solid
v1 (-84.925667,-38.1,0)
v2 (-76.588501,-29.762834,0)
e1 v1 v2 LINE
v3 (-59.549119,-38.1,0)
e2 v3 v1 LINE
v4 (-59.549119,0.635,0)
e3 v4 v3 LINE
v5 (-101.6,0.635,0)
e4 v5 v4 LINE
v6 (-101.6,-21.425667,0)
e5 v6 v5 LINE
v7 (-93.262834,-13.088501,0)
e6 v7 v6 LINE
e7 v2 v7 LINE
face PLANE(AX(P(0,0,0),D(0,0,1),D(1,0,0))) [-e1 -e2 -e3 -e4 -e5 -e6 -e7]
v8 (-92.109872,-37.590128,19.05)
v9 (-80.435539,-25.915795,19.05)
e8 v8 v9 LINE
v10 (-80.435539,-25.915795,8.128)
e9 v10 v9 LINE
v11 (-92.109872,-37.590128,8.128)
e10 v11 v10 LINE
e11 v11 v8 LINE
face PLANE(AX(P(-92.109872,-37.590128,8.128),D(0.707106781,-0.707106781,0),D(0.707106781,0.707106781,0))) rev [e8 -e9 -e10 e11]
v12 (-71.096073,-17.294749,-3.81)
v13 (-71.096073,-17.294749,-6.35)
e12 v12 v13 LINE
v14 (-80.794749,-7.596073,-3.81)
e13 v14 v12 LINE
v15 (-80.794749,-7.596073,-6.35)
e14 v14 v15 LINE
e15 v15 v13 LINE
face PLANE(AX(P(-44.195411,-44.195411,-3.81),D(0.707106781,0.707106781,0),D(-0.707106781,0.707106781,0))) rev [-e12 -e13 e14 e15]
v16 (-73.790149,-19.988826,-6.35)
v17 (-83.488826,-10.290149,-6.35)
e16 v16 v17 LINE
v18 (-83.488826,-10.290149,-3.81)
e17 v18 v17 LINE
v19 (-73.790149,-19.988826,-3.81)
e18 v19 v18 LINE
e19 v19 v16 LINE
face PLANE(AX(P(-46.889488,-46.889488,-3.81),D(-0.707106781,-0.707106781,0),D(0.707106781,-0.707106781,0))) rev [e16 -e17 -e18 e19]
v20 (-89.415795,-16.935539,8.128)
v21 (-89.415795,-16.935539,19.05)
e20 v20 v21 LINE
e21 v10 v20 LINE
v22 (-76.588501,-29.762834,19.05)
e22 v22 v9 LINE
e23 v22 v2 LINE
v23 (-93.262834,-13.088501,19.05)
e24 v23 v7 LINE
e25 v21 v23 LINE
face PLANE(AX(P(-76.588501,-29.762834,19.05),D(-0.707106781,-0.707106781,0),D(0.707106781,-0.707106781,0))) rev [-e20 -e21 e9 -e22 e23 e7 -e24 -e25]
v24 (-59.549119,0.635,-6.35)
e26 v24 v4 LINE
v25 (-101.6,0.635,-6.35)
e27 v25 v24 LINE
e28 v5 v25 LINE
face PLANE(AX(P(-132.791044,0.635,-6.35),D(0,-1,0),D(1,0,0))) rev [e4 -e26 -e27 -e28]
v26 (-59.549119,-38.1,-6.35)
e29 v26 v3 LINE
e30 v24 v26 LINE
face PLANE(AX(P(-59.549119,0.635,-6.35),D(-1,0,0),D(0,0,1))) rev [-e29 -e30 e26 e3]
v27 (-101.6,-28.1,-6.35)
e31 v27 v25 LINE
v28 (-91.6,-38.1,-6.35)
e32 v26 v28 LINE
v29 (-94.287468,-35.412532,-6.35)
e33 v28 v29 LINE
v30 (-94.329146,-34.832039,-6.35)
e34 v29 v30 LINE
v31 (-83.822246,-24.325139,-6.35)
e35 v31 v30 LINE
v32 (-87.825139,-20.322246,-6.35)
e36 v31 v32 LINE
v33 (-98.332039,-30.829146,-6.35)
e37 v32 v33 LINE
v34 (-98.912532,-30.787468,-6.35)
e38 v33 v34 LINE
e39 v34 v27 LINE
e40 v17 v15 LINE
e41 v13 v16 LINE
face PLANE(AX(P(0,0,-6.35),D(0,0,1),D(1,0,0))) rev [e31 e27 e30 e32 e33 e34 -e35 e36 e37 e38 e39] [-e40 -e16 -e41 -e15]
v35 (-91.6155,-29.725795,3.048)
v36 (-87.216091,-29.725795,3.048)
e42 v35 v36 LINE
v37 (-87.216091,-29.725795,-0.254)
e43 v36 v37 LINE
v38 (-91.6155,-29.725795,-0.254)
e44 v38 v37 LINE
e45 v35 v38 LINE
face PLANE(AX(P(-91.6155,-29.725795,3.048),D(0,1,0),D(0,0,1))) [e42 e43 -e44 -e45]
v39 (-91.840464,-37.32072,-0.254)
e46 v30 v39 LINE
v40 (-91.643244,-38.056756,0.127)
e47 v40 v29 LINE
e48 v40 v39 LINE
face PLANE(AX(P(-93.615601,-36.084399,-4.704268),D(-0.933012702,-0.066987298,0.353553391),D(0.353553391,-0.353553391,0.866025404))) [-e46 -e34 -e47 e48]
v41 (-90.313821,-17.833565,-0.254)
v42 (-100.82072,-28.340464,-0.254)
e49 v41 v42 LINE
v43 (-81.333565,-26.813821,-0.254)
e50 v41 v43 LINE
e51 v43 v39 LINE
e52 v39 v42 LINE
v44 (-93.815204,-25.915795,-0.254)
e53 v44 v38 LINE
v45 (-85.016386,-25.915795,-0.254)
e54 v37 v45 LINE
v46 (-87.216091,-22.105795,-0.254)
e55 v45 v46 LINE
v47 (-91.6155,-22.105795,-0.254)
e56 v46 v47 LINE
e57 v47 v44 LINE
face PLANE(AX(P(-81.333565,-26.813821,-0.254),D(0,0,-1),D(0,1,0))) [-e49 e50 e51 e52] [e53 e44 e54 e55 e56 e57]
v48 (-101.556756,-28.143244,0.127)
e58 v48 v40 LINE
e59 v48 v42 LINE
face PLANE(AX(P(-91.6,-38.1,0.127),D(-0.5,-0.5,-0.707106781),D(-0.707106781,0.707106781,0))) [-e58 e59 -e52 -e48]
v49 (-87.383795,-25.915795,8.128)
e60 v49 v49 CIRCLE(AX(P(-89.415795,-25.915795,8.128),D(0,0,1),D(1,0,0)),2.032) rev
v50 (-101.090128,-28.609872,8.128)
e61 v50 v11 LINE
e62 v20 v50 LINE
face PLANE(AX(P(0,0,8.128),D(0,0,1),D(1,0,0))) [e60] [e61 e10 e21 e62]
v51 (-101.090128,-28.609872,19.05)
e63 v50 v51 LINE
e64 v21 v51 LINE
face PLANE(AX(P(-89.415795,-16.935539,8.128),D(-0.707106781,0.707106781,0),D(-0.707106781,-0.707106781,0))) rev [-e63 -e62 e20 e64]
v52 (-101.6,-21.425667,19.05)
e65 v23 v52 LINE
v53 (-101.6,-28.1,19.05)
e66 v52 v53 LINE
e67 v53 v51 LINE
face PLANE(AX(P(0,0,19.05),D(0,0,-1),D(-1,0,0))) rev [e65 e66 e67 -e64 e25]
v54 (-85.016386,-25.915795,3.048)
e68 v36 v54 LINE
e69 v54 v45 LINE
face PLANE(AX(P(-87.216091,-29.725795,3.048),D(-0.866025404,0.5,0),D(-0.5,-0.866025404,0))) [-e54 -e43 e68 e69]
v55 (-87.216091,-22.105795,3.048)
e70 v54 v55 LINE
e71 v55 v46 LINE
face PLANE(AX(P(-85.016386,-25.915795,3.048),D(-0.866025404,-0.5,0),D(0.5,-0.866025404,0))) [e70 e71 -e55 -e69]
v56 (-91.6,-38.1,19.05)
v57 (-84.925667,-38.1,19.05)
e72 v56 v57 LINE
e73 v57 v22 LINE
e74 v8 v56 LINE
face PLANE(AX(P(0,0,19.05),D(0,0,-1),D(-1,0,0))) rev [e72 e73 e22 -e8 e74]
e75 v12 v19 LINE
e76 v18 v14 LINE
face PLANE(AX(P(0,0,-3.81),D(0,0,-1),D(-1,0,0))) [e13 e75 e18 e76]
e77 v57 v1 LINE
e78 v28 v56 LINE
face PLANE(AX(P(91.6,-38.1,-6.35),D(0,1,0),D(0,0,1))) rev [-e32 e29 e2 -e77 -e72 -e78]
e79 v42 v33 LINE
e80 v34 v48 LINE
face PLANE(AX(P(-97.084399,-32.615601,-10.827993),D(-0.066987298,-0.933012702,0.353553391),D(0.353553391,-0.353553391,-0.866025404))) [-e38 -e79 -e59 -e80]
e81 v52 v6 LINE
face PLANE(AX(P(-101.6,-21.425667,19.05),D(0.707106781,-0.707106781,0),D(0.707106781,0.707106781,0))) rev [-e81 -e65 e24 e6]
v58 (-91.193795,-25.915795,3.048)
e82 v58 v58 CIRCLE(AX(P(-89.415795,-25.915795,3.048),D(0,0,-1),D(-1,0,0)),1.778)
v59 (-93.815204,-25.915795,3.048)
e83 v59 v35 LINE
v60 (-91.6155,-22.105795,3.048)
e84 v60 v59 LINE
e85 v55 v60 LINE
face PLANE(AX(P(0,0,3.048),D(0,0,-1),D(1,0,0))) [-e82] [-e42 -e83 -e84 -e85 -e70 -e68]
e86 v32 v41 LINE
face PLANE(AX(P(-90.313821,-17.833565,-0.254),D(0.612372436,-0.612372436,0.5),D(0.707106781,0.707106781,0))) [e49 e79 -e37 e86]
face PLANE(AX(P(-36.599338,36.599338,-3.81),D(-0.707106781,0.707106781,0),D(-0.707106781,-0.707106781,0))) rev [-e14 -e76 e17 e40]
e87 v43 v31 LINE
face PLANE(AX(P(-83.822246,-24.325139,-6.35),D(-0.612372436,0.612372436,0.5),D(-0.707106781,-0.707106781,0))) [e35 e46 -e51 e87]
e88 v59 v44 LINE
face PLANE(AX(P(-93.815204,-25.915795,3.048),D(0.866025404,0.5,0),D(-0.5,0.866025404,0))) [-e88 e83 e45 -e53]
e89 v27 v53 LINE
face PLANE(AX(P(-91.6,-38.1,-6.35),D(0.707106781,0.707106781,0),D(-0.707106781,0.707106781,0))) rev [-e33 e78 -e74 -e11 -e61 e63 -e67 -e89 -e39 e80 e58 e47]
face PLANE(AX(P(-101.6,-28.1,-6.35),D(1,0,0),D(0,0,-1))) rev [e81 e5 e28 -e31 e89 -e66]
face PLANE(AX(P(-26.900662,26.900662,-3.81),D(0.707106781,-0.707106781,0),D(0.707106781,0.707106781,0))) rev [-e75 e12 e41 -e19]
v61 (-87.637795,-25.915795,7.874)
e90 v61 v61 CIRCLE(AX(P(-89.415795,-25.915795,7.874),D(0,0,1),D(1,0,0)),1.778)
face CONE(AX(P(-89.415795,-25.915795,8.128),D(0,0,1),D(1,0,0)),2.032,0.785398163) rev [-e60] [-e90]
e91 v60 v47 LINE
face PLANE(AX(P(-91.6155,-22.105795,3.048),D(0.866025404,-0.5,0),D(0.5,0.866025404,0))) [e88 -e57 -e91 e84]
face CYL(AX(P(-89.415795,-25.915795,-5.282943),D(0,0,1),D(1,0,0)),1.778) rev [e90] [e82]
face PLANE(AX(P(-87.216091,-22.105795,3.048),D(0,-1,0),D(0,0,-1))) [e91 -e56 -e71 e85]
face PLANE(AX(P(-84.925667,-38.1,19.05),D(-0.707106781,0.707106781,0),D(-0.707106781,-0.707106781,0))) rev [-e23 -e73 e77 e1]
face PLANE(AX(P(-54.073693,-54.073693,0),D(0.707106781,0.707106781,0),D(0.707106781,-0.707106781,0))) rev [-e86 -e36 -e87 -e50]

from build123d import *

# Parameters (mm, degrees)
BOSS_EXTRUDE1_DEPTH     = 27.432
BOSS_EXTRUDE2_DEPTH     = 5.08
SKETCH4_R               = 1.524
CUT_EXTRUDE1_DEPTH      = 2.286
SKETCH4_4_R             = 1.524
CUT_EXTRUDE2_DEPTH      = 63.630575033
BOSS_EXTRUDE3_DEPTH     = 3.81
FILLET1_R               = 2.54
CHAMFER3_SIZE           = 1.27
CHAMFER4_SIZE           = 0.254
SKETCH8_W               = 101.6
SKETCH8_H               = 44.45
CUT_EXTRUDE3_DEPTH      = 5.08
CHAMFER5_SIZE           = 1.27
BOSS_EXTRUDE4_DEPTH     = 6.35
FILLET2_R               = 1.27
BOSS_EXTRUDE5_DEPTH     = 19.05
CUT_EXTRUDE4_DEPTH      = 15.24
MIRROR3_COPY_1_DEPTH    = 15.24
CHAMFER7_SIZE           = 0.381
CUT_EXTRUDE6_DEPTH      = 2.54
MIRROR5_COPY_1_DEPTH    = 2.54
CUT_EXTRUDE7_DEPTH      = 10.922
SKETCH18_R              = 1.778
CUT_EXTRUDE8_DEPTH      = 8.382
MIRROR7_COPY_1_SKETCH_R = 1.778
MIRROR7_COPY_1_DEPTH    = 8.382
SKETCH19_W              = 135.869666512
SKETCH19_H              = 67.345799606
CUT_EXTRUDE9_DEPTH      = 31.242
BOSS_EXTRUDE6_DEPTH     = 20.32
SKETCH21_W              = 80.01
SKETCH21_H              = 52.07
BOSS_EXTRUDE7_DEPTH     = 3.81
FILLET3_R               = 2.54
CHAMFER8_SIZE           = 1.27
CHAMFER9_SIZE           = 0.254
CUT_EXTRUDE10_DEPTH     = 3.302
MIRROR9_COPY_1_DEPTH    = 3.302
CUT_EXTRUDE11_DEPTH     = 113.70847528


with BuildPart() as part:
    # Sketch1 → Boss-Extrude1 (new body)
    with BuildSketch(Plane(origin=(10.858740921, 0, 0), x_dir=(1, 0, 0), z_dir=(0, 0, 1))):
        Polygon((-52.705, 25.4), (-52.705, 21.59), (48.895, 21.59), (48.895, -22.86), (-52.705, -22.86), (-52.705, -25.4), (52.705, -25.4), (52.705, 25.4), align=None)
    extrude(amount=BOSS_EXTRUDE1_DEPTH)

    # Sketch1<3> → Boss-Extrude2 (add)
    with BuildSketch(Plane(origin=(10.858740921, 0, 0), x_dir=(1, 0, 0), z_dir=(0, 0, 1))):
        Polygon((48.895, 21.59), (-52.705, 21.59), (-52.705, 13.97), (-6.985, 13.97), (-6.985, -6.35), (-52.705, -6.35), (-52.705, -22.86), (48.895, -22.86), align=None)
    extrude(amount=BOSS_EXTRUDE2_DEPTH)

    # Sketch4 → Cut-Extrude1 (cut)
    # profile 1 of 4: a face of its own
    with BuildSketch(Plane(origin=(10.858740921, 0, 5.08), x_dir=(1, 0, 0), z_dir=(0, 0, 1))):
        Polygon((-44.785877438, 21.59), (-47.924122562, 21.59), (-49.493245123, 18.8722), (-47.924122562, 16.1544), (-44.785877438, 16.1544), (-43.216754877, 18.8722), align=None)
        with Locations((-46.355, 18.8722)):
            Circle(SKETCH4_R, mode=Mode.SUBTRACT)
    # profile 2 of 4: a face of its own
    with BuildSketch(Plane(origin=(10.858740921, 0, 5.08), x_dir=(1, 0, 0), z_dir=(0, 0, 1))):
        Polygon((21.126640721, 16.1544), (17.988395597, 16.1544), (16.419273036, 18.8722), (17.988395597, 21.59), (21.126640721, 21.59), (22.695763282, 18.8722), align=None)
        with Locations((19.557518159, 18.8722)):
            Circle(SKETCH4_R, mode=Mode.SUBTRACT)
    # profile 3 of 4: a face of its own
    with BuildSketch(Plane(origin=(10.858740921, 0, 5.08), x_dir=(1, 0, 0), z_dir=(0, 0, 1))):
        Polygon((22.695763282, -18.8722), (21.126640721, -16.1544), (17.988395597, -16.1544), (16.419273036, -18.8722), (17.988395597, -21.59), (21.126640721, -21.59), align=None)
        with Locations((19.557518159, -18.8722)):
            Circle(SKETCH4_R, mode=Mode.SUBTRACT)
    # profile 4 of 4: a face of its own
    with BuildSketch(Plane(origin=(10.858740921, 0, 5.08), x_dir=(1, 0, 0), z_dir=(0, 0, 1))):
        Polygon((-49.493245123, -18.8722), (-47.924122562, -16.1544), (-44.785877438, -16.1544), (-43.216754877, -18.8722), (-44.785877438, -21.59), (-47.924122562, -21.59), align=None)
        with Locations((-46.355, -18.8722)):
            Circle(SKETCH4_R, mode=Mode.SUBTRACT)
    extrude(amount=-CUT_EXTRUDE1_DEPTH, mode=Mode.SUBTRACT)

    # Sketch4<4> → Cut-Extrude2 (cut, through all)
    with BuildSketch(Plane(origin=(10.858740921, 0, 5.08), x_dir=(1, 0, 0), z_dir=(0, 0, 1))):
        with Locations((-46.355, 18.8722)):
            Circle(SKETCH4_4_R)
        with Locations((19.557518159, 18.8722)):
            Circle(SKETCH4_4_R)
        with Locations((-46.355, -18.8722)):
            Circle(SKETCH4_4_R)
        with Locations((19.557518159, -18.8722)):
            Circle(SKETCH4_4_R)
    extrude(amount=-CUT_EXTRUDE2_DEPTH, mode=Mode.SUBTRACT)

    # Sketch7 → Boss-Extrude3 (add)
    with BuildSketch(Plane(origin=(10.858740921, 0, 27.432), x_dir=(1, 0, 0), z_dir=(0, 0, 1))):
        Polygon((-52.705, 25.4), (52.705, 25.4), (52.705, -25.4), (-52.705, -25.4), (-52.705, -6.35), (-46.355, -6.35), (-46.355, 6.35), (-52.705, 6.35), align=None)
    extrude(amount=BOSS_EXTRUDE3_DEPTH)

    # Fillet1
    fillet1_edges = [part.edges().sort_by_distance(p)[0] for p in [
        (63.563740921, 25.4, 15.621),
        (63.563740921, -25.4, 15.621),
        (10.858740921, -25.4, 31.242),
        (63.563740921, 0, 31.242),
        (10.858740921, 25.4, 31.242),
    ]]
    fillet(fillet1_edges, radius=FILLET1_R)

    # Chamfer3
    chamfer3_edges = [part.edges().sort_by_distance(p)[0] for p in [
        (-41.846259079, 13.97, 27.432),
        (-41.846259079, 6.35, 29.337),
        (-41.846259079, 21.59, 16.256),
        (-41.846259079, -14.605, 27.432),
        (-41.846259079, -6.35, 29.337),
        (-38.671259079, 6.35, 31.242),
        (-35.496259079, 0, 31.242),
        (-38.671259079, -6.35, 31.242),
        (-41.846259079, -22.86, 16.256),
    ]]
    chamfer(chamfer3_edges, length=CHAMFER3_SIZE)

    # Chamfer4
    chamfer4_edges = [part.edges().sort_by_distance(p)[0] for p in [
        (28.892259079, 18.8722, 0),
        (-37.020259079, -18.8722, 0),
        (28.892259079, -18.8722, 0),
        (-37.020259079, 18.8722, 0),
    ]]
    chamfer(chamfer4_edges, length=CHAMFER4_SIZE)

    # Sketch8 → Cut-Extrude3 (cut)
    with BuildSketch(Plane(origin=(10.858740921, 0, 5.08), x_dir=(1, 0, 0), z_dir=(0, 0, 1))):
        with Locations((-1.905, -0.635)):
            Rectangle(SKETCH8_W, SKETCH8_H)
    extrude(amount=-CUT_EXTRUDE3_DEPTH, mode=Mode.SUBTRACT)

    # Chamfer5
    chamfer5_edges = [part.edges().sort_by_distance(p)[0] for p in [
        (-41.846259079, -22.86, 2.54),
        (-41.846259079, 21.59, 2.54),
    ]]
    chamfer(chamfer5_edges, length=CHAMFER5_SIZE)

    # Sketch9 → Boss-Extrude4 (add)
    with BuildSketch(Plane(origin=(10.858740921, 0, 0), x_dir=(-1, 0, 0), z_dir=(0, 0, -1))):
        Polygon((-90.741259079, 28.1), (-80.741259079, 38.1), (102.458740921, 38.1), (112.458740921, 28.1), (112.458740921, -28.1), (102.458740921, -38.1), (-80.741259079, -38.1), (-90.741259079, -28.1), align=None)
    extrude(amount=BOSS_EXTRUDE4_DEPTH)

    # Fillet2
    fillet2_edges = [part.edges().sort_by_distance(p)[0] for p in [
        (9.588740921, -25.4, 0),
        (63.563740921, 0, 0),
        (9.588740921, 25.4, 0),
        (62.819792145, 24.656051224, 0),
        (62.819792145, -24.656051224, 0),
    ]]
    fillet(fillet2_edges, radius=FILLET2_R)

    # Sketch11 → Boss-Extrude5 (add)
    with BuildSketch(Plane.XY):
        Polygon((-101.6, 28.1), (-91.6, 38.1), (-84.925667043, 38.1), (-76.588500564, 29.762833521), (-93.262833521, 13.088500564), (-101.6, 21.425667043), align=None)
        Polygon((84.925667043, 38.1), (76.588500564, 29.762833521), (93.262833521, 13.088500564), (101.6, 21.425667043), (101.6, 28.1), (91.6, 38.1), align=None)
        Polygon((91.6, -38.1), (84.925667043, -38.1), (76.588500564, -29.762833521), (93.262833521, -13.088500564), (101.6, -21.425667043), (101.6, -28.1), align=None)
        Polygon((-84.925667043, -38.1), (-76.588500564, -29.762833521), (-93.262833521, -13.088500564), (-101.6, -21.425667043), (-101.6, -28.1), (-91.6, -38.1), align=None)
    extrude(amount=BOSS_EXTRUDE5_DEPTH)

    # Sketch13 → Cut-Extrude4 (cut)
    with BuildSketch(Plane(origin=(-64.85, 64.85, 0), x_dir=(0, 0, 1), z_dir=(-0.7071067811865477, 0.7071067811865474, 0))):
        Polygon((-6.35, -44.901280605), (-6.35, -42.070807846), (-0.254, -38.551280605), (-0.254, -51.251280605), (-6.35, -47.731753364), align=None)
    cut_extrude4 = extrude(amount=-CUT_EXTRUDE4_DEPTH, mode=Mode.SUBTRACT)

    # Mirror2: Cut-Extrude4 across plane
    add(cut_extrude4.mirror(Plane.ZX), mode=Mode.SUBTRACT)

    # Mirror3: Cut-Extrude4 across plane
    add(cut_extrude4.mirror(Plane(origin=(0, 0, 0), x_dir=(0, 0, 1), z_dir=(1, 0, 0))), mode=Mode.SUBTRACT)

    # Mirror3 copy 1 sketch → Mirror3 copy 1 (cut)
    with BuildSketch(Plane(origin=(64.85, -64.85, 0), x_dir=(0, 0, 1), z_dir=(0.7071067811865477, -0.7071067811865474, 0))):
        Polygon((-6.35, -44.901280605), (-6.35, -42.070807846), (-0.254, -38.551280605), (-0.254, -51.251280605), (-6.35, -47.731753364), align=None)
    extrude(amount=-MIRROR3_COPY_1_DEPTH, mode=Mode.SUBTRACT)

    # Chamfer7
    chamfer7_edges = [part.edges().sort_by_distance(p)[0] for p in [
        (-99.845787271, 29.854212729, -3.302),
        (-96.6, 33.1, -0.254),
        (-93.354212729, 36.345787271, -3.302),
        (-99.845787271, -29.854212729, -3.302),
        (-96.6, -33.1, -0.254),
        (-93.354212729, -36.345787271, -3.302),
        (99.845787271, 29.854212729, -3.302),
        (96.6, 33.1, -0.254),
        (93.354212729, 36.345787271, -3.302),
        (99.845787271, -29.854212729, -3.302),
        (96.6, -33.1, -0.254),
        (93.354212729, -36.345787271, -3.302),
    ]]
    chamfer(chamfer7_edges, length=CHAMFER7_SIZE)

    # Sketch16 → Cut-Extrude6 (cut)
    with BuildSketch(Plane(origin=(0, 0, -6.35), x_dir=(-1, 0, 0), z_dir=(0, 0, -1))):
        Polygon((71.096072616, 17.294749227), (73.790149452, 19.988826063), (83.488826063, 10.290149452), (80.794749227, 7.596072616), align=None)
    cut_extrude6 = extrude(amount=-CUT_EXTRUDE6_DEPTH, mode=Mode.SUBTRACT)

    # Mirror4: Cut-Extrude6 across plane
    add(cut_extrude6.mirror(Plane.ZX), mode=Mode.SUBTRACT)

    # Mirror5: Cut-Extrude6 across plane
    add(cut_extrude6.mirror(Plane(origin=(0, 0, 0), x_dir=(0, 0, 1), z_dir=(1, 0, 0))), mode=Mode.SUBTRACT)

    # Mirror5 copy 1 sketch → Mirror5 copy 1 (cut)
    with BuildSketch(Plane(origin=(0, 0, -6.35), x_dir=(1, 0, 0), z_dir=(0, 0, -1))):
        Polygon((71.096072616, 17.294749227), (73.790149452, 19.988826063), (83.488826063, 10.290149452), (80.794749227, 7.596072616), align=None)
    extrude(amount=-MIRROR5_COPY_1_DEPTH, mode=Mode.SUBTRACT)

    # Sketch17 → Cut-Extrude7 (cut)
    with BuildSketch(Plane.XY.offset(19.05)):
        Polygon((-96.6, 33.1), (-92.109871939, 37.590128061), (-80.435538982, 25.915795103), (-89.415795103, 16.935538982), (-101.090128061, 28.609871939), align=None)
        Polygon((-80.435538982, -25.915795103), (-89.415795103, -16.935538982), (-101.090128061, -28.609871939), (-96.6, -33.1), (-92.109871939, -37.590128061), align=None)
        Polygon((92.109871939, -37.590128061), (80.435538982, -25.915795103), (89.415795103, -16.935538982), (101.090128061, -28.609871939), (96.6, -33.1), align=None)
        Polygon((80.435538982, 25.915795103), (89.415795103, 16.935538982), (101.090128061, 28.609871939), (96.6, 33.1), (92.109871939, 37.590128061), align=None)
    extrude(amount=-CUT_EXTRUDE7_DEPTH, mode=Mode.SUBTRACT)

    # Sketch18 → Cut-Extrude8 (cut)
    with BuildSketch(Plane.XY.offset(8.128)):
        with Locations((-89.415795103, 25.915795103)):
            Circle(SKETCH18_R)
    cut_extrude8 = extrude(amount=-CUT_EXTRUDE8_DEPTH, mode=Mode.SUBTRACT)

    # Mirror6: Cut-Extrude8 across plane
    add(cut_extrude8.mirror(Plane.ZX), mode=Mode.SUBTRACT)

    # Mirror7: Cut-Extrude8 across plane
    add(cut_extrude8.mirror(Plane(origin=(0, 0, 0), x_dir=(0, 0, 1), z_dir=(1, 0, 0))), mode=Mode.SUBTRACT)

    # Mirror7 copy 1 sketch → Mirror7 copy 1 (cut)
    with BuildSketch(Plane(origin=(0, 0, 8.128), x_dir=(-1, 0, 0), z_dir=(0, 0, 1))):
        with Locations((-89.415795103, 25.915795103)):
            Circle(MIRROR7_COPY_1_SKETCH_R)
    extrude(amount=-MIRROR7_COPY_1_DEPTH, mode=Mode.SUBTRACT)

    # Sketch19 → Cut-Extrude9 (cut)
    with BuildSketch(Plane.XY.offset(31.242)):
        Rectangle(SKETCH19_W, SKETCH19_H)
    extrude(amount=-CUT_EXTRUDE9_DEPTH, mode=Mode.SUBTRACT)

    # Sketch20 → Boss-Extrude6 (add)
    with BuildSketch(Plane.XY):
        Polygon((65.405, 22.86), (65.405, -21.59), (-10.795, -21.59), (-10.795, -25.4), (69.215, -25.4), (69.215, 26.67), (-10.795, 26.67), (-10.795, 22.86), align=None)
    extrude(amount=BOSS_EXTRUDE6_DEPTH)

    # Sketch21 → Boss-Extrude7 (add)
    with BuildSketch(Plane.XY.offset(20.32)):
        with Locations((29.21, 0.635)):
            Rectangle(SKETCH21_W, SKETCH21_H)
    extrude(amount=BOSS_EXTRUDE7_DEPTH)

    # Fillet3
    fillet3_edges = [part.edges().sort_by_distance(p)[0] for p in [
        (29.21, -25.4, 0),
        (69.215, 0.635, 0),
        (69.215, -25.4, 12.065),
        (29.21, 26.67, 0),
        (69.215, 26.67, 12.065),
        (29.21, -25.4, 24.13),
        (69.215, 0.635, 24.13),
        (29.21, 26.67, 24.13),
    ]]
    fillet(fillet3_edges, radius=FILLET3_R)

    # Chamfer8
    chamfer8_edges = [part.edges().sort_by_distance(p)[0] for p in [
        (-10.795, 22.86, 10.16),
        (-10.795, -21.59, 10.16),
        (-10.795, 0.635, 20.32),
    ]]
    chamfer(chamfer8_edges, length=CHAMFER8_SIZE)

    # Chamfer9
    chamfer9_edges = [part.edges().sort_by_distance(p)[0] for p in [
        (-91.193795103, 25.915795103, 8.128),
        (-91.193795103, -25.915795103, 8.128),
        (91.193795103, 25.915795103, 8.128),
        (91.193795103, -25.915795103, 8.128),
    ]]
    chamfer(chamfer9_edges, length=CHAMFER9_SIZE)

    # Sketch22 → Cut-Extrude10 (cut)
    with BuildSketch(Plane(origin=(0, 0, -0.254), x_dir=(-1, 0, 0), z_dir=(0, 0, -1))):
        Polygon((-85.016386052, -25.915795103), (-87.216090578, -22.105795103), (-91.615499629, -22.105795103), (-93.815204154, -25.915795103), (-91.615499629, -29.725795103), (-87.216090578, -29.725795103), align=None)
    cut_extrude10 = extrude(amount=-CUT_EXTRUDE10_DEPTH, mode=Mode.SUBTRACT)

    # Mirror8: Cut-Extrude10 across plane
    add(cut_extrude10.mirror(Plane.ZX), mode=Mode.SUBTRACT)

    # Mirror9: Cut-Extrude10 across plane
    add(cut_extrude10.mirror(Plane(origin=(0, 0, 0), x_dir=(0, 0, 1), z_dir=(1, 0, 0))), mode=Mode.SUBTRACT)

    # Mirror9 copy 1 sketch → Mirror9 copy 1 (cut)
    with BuildSketch(Plane(origin=(0, 0, -0.254), x_dir=(1, 0, 0), z_dir=(0, 0, -1))):
        Polygon((-85.016386052, -25.915795103), (-87.216090578, -22.105795103), (-91.615499629, -22.105795103), (-93.815204154, -25.915795103), (-91.615499629, -29.725795103), (-87.216090578, -29.725795103), align=None)
    extrude(amount=-MIRROR9_COPY_1_DEPTH, mode=Mode.SUBTRACT)

    # Sketch25 → Cut-Extrude11 (cut, through all)
    with BuildSketch(Plane.XY.offset(24.13)):
        Polygon((-59.549119492, -50.275205582), (111.201043926, -50.275205582), (111.201043926, 51.545205582), (-132.791043926, 51.545205582), (-132.791043926, 0.635), (-59.549119492, 0.635), align=None)
    extrude(amount=-CUT_EXTRUDE11_DEPTH, mode=Mode.SUBTRACT)


solid = part.part
